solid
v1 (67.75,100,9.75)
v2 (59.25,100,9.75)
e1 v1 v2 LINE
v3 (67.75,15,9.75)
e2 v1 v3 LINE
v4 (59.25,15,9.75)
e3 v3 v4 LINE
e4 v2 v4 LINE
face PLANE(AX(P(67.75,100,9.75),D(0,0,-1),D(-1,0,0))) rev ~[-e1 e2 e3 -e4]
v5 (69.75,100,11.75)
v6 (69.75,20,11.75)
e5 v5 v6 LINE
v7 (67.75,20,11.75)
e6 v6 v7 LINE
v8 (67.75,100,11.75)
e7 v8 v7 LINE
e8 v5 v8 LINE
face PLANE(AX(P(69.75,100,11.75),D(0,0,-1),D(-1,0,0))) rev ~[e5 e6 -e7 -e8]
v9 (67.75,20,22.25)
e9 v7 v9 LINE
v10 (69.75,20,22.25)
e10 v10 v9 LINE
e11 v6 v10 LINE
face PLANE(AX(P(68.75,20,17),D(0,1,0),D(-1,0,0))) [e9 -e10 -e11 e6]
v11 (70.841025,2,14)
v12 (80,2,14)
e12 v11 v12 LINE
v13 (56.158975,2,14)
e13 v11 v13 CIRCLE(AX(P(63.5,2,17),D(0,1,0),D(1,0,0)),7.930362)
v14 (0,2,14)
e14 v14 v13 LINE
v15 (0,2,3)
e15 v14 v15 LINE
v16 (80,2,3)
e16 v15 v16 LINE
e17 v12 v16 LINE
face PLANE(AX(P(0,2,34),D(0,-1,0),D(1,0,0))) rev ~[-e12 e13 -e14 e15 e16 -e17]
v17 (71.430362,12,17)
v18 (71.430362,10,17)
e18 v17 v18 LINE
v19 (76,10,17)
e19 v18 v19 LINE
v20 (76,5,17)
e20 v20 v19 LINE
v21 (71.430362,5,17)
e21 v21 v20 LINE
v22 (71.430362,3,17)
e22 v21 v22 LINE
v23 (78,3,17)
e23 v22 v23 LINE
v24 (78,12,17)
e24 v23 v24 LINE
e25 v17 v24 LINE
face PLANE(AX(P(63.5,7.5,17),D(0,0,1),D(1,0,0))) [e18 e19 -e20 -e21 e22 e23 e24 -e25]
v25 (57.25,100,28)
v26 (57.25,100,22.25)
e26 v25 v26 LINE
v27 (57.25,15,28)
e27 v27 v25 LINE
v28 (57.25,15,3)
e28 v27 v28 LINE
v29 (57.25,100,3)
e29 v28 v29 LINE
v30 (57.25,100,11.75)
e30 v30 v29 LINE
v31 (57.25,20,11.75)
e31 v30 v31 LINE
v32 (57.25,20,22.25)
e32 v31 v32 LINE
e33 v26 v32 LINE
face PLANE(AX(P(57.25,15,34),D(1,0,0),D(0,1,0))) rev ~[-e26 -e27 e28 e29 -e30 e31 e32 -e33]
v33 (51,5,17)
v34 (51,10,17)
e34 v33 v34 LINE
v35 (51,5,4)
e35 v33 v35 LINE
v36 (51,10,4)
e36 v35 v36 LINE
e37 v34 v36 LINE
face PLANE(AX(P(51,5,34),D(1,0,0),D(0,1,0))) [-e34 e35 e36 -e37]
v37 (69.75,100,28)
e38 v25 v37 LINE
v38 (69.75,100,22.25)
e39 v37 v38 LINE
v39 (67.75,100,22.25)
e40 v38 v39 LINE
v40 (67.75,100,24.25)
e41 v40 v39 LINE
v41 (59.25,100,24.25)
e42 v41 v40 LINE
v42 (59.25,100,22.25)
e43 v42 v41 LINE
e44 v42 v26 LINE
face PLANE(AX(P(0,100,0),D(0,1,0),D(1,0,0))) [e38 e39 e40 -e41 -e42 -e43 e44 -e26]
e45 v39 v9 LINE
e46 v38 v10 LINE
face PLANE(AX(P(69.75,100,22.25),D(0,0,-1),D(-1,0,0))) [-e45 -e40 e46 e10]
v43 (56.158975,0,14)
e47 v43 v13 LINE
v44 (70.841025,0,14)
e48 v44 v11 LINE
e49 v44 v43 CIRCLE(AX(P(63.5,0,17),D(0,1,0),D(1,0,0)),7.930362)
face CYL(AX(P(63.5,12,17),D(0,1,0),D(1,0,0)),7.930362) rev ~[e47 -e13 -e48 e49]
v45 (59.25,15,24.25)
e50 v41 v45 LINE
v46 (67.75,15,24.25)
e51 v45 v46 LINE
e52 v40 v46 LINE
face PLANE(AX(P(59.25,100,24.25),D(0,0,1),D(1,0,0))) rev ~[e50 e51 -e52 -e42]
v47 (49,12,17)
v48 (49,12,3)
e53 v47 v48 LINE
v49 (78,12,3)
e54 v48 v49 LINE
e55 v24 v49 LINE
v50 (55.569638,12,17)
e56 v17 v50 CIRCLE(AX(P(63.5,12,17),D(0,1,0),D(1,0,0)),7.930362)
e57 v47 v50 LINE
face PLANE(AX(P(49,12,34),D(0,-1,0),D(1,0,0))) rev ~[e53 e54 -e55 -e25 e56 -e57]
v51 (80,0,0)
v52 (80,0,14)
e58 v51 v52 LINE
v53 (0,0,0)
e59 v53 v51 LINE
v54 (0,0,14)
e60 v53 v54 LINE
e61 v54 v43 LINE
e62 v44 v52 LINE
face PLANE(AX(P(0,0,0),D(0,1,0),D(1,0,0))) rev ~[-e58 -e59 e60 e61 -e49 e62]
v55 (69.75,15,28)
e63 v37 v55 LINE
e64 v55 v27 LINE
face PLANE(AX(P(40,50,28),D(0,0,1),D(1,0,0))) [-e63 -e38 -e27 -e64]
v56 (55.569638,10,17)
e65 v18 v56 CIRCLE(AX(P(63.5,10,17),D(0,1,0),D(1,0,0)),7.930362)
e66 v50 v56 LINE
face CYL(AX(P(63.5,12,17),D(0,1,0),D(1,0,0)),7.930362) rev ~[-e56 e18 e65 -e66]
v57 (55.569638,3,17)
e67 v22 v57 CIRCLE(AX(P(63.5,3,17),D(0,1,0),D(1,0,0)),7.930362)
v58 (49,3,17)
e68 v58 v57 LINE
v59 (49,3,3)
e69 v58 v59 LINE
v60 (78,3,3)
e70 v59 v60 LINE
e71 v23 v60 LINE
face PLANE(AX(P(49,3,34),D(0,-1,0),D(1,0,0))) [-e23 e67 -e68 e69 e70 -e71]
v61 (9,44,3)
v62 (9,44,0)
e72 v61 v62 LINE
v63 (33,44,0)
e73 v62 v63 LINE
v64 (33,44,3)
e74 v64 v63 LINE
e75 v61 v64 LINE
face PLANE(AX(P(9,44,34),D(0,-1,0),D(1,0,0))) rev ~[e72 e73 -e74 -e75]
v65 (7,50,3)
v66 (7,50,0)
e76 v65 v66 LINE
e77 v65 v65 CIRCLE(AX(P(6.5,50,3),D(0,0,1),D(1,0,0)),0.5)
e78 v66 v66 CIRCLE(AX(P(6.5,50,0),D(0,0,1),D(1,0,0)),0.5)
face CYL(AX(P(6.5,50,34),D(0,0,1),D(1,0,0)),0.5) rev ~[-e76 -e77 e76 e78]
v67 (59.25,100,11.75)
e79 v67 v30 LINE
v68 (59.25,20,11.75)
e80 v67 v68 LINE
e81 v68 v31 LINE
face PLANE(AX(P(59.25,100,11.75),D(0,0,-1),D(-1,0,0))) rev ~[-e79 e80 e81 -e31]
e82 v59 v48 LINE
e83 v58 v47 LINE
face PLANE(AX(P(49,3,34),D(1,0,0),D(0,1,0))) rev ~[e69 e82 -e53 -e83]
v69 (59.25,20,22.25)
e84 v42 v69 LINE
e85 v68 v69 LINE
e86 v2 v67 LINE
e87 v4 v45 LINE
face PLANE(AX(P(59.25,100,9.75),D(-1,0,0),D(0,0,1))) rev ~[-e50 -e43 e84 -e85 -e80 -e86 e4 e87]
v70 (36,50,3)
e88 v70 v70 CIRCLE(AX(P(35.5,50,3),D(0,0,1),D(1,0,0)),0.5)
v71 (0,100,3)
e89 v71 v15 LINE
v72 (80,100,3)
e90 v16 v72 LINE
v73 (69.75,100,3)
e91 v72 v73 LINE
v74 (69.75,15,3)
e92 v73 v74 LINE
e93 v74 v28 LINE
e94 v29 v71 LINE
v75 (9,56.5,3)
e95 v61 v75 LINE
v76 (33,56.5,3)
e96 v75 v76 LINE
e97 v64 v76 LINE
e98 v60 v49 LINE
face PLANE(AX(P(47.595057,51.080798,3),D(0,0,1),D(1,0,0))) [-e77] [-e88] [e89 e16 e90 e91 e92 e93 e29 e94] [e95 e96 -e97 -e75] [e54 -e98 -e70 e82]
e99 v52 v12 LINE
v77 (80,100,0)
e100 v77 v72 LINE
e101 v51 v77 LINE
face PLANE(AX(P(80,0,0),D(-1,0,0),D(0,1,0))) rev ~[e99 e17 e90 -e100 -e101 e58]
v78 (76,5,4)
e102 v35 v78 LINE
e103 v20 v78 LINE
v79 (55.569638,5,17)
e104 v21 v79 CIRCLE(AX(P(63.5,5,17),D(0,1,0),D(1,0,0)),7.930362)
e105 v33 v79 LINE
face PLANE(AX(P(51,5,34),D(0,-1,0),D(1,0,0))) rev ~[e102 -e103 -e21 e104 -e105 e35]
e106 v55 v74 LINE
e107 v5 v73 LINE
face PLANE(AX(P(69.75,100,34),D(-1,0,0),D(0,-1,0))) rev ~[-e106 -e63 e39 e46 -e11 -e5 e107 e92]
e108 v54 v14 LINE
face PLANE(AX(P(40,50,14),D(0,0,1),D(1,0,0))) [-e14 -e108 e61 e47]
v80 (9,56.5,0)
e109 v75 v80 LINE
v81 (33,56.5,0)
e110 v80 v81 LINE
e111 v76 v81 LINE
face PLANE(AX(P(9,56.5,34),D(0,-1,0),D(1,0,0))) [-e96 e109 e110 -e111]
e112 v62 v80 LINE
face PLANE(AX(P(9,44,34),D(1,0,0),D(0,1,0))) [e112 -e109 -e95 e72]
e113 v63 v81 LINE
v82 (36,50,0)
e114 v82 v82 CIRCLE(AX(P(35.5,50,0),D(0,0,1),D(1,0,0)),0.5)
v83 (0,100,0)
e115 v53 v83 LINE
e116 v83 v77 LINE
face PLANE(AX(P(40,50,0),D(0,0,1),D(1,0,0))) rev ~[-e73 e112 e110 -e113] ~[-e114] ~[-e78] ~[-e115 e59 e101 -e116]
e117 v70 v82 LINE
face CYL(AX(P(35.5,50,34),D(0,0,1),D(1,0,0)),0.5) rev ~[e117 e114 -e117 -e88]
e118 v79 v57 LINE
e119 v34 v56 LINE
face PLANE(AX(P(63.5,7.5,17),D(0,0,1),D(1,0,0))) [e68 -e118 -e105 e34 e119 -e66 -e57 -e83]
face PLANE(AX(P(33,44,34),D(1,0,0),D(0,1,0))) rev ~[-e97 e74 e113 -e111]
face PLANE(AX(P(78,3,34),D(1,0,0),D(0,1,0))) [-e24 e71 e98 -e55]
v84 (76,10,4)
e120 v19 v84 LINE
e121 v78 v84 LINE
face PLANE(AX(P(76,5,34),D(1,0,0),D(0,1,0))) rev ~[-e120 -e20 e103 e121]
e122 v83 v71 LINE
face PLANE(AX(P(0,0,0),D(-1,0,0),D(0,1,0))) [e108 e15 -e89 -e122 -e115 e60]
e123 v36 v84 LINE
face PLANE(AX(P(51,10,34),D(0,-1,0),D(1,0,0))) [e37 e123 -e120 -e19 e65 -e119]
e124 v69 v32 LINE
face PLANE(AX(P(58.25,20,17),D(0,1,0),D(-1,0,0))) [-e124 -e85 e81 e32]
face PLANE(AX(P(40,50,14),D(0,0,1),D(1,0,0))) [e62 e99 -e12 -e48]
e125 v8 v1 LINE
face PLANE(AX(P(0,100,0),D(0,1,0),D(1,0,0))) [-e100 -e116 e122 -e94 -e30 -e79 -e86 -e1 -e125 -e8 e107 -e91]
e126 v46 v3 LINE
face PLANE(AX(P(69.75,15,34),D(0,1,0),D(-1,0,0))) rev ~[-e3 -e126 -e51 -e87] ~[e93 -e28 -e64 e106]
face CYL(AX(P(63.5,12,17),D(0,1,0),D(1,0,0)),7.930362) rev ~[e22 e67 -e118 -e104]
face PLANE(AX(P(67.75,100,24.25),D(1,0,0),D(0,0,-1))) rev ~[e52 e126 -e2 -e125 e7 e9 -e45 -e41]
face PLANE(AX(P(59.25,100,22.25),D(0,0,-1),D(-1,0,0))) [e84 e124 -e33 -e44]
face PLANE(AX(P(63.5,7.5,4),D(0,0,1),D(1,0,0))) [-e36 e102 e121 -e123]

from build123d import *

# Parameters (mm, degrees)
F0_W      = 80
F0_H      = 100
F1_DEPTH  = 34
F2_W      = 29
F2_H      = 9
F2_W_2    = 36
F2_H_2    = 16.5
F4_DEPTH  = 31
F5_DEPTH  = 85
F3_W      = 2
F3_H      = 10.5
F6_DEPTH  = 80
F2_W_3    = 24
F2_H_3    = 12.5
F2_R      = 0.5
F7_DEPTH  = 37
F8_DEPTH  = 31
F2_W_4    = 25
F2_H_4    = 5
F9_DEPTH  = 30
F10_DEPTH = 17
F12_DEPTH = 15
F13_DEPTH = 6
F14_DEPTH = 20


with BuildPart() as f1:
    # F0 (on Top) → F1 (new body)
    with BuildSketch(Plane.XY):
        with Locations((40, 50)):
            Rectangle(F0_W, F0_H)
    extrude(amount=F1_DEPTH)

    # F2 (on face) → F4 (cut)
    with BuildSketch(Plane.XY.offset(34)):
        Polygon((57.25, 15), (57.25, 100), (0, 100), (0, 2), (80, 2), (80, 100), (69.75, 100), (69.75, 15), align=None)
        with Locations((63.5, 7.5)):
            Rectangle(F2_W, F2_H, mode=Mode.SUBTRACT)
        with Locations((21, 50.25)):
            Rectangle(F2_W_2, F2_H_2, mode=Mode.SUBTRACT)
    extrude(amount=-F4_DEPTH, mode=Mode.SUBTRACT)

    # F3 (on face) → F5 (cut)
    with BuildSketch(Plane(origin=(0, 100, 0), x_dir=(-1, 0, 0), z_dir=(0, 1, 0))):
        Polygon((-67.75, 11.75), (-67.75, 9.75), (-59.25, 9.75), (-59.25, 11.75), (-59.25, 22.25), (-59.25, 24.25), (-67.75, 24.25), (-67.75, 22.25), align=None)
    extrude(amount=-F5_DEPTH, mode=Mode.SUBTRACT)

    # F3 (on face) → F6 (cut)
    with BuildSketch(Plane(origin=(0, 100, 0), x_dir=(-1, 0, 0), z_dir=(0, 1, 0))):
        with Locations((-58.25, 17)):
            Rectangle(F3_W, F3_H)
        with Locations((-68.75, 17)):
            Rectangle(F3_W, F3_H)
    extrude(amount=-F6_DEPTH, mode=Mode.SUBTRACT)

    # F2 (on face) → F7 (cut)
    with BuildSketch(Plane.XY.offset(34)):
        with Locations((21, 50.25)):
            Rectangle(F2_W_3, F2_H_3)
        with Locations((6.5, 50)):
            Circle(F2_R)
        with Locations((35.5, 50)):
            Circle(F2_R)
    extrude(amount=-F7_DEPTH, mode=Mode.SUBTRACT)

    # F2 (on face) → F8 (cut)
    with BuildSketch(Plane.XY.offset(34)):
        with Locations((21, 50.25)):
            Rectangle(F2_W_2, F2_H_2)
        with Locations((6.5, 50)):
            Circle(F2_R, mode=Mode.SUBTRACT)
        with Locations((21, 50.25)):
            Rectangle(F2_W_3, F2_H_3, mode=Mode.SUBTRACT)
        with Locations((35.5, 50)):
            Circle(F2_R, mode=Mode.SUBTRACT)
    extrude(amount=-F8_DEPTH, mode=Mode.SUBTRACT)

    # F2 (on face) → F9 (cut)
    with BuildSketch(Plane.XY.offset(34)):
        with Locations((63.5, 7.5)):
            Rectangle(F2_W_4, F2_H_4)
    extrude(amount=-F9_DEPTH, mode=Mode.SUBTRACT)

    # F2 (on face) → F10 (cut)
    with BuildSketch(Plane.XY.offset(34)):
        with Locations((63.5, 7.5)):
            Rectangle(F2_W, F2_H)
        with Locations((63.5, 7.5)):
            Rectangle(F2_W_4, F2_H_4, mode=Mode.SUBTRACT)
    extrude(amount=-F10_DEPTH, mode=Mode.SUBTRACT)

    # F11 (on face) → F12 (cut)
    with BuildSketch(Plane(origin=(0, 12, 0), x_dir=(-1, 0, 0), z_dir=(0, 1, 0))):
        with BuildLine():
            ThreePointArc((-71.4303621394, 17), (-63.5, 9.0696378606), (-55.5696378606, 17))
            Line((-55.5696378606, 17), (-71.4303621394, 17))
        make_face()
    extrude(amount=-F12_DEPTH, mode=Mode.SUBTRACT)

    # F13 (cut): a face of the model
    f13_faces = [f1.faces().sort_by_distance(p)[0] for p in [
        (63.5, 57.5, 34),
    ]]
    extrude(f13_faces, amount=-F13_DEPTH, mode=Mode.SUBTRACT)

    # F14 (cut): a face of the model
    f14_faces = [f1.faces().sort_by_distance(p)[0] for p in [
        (40, 1, 34),
    ]]
    extrude(f14_faces, amount=-F14_DEPTH, mode=Mode.SUBTRACT)


solid = f1.part
